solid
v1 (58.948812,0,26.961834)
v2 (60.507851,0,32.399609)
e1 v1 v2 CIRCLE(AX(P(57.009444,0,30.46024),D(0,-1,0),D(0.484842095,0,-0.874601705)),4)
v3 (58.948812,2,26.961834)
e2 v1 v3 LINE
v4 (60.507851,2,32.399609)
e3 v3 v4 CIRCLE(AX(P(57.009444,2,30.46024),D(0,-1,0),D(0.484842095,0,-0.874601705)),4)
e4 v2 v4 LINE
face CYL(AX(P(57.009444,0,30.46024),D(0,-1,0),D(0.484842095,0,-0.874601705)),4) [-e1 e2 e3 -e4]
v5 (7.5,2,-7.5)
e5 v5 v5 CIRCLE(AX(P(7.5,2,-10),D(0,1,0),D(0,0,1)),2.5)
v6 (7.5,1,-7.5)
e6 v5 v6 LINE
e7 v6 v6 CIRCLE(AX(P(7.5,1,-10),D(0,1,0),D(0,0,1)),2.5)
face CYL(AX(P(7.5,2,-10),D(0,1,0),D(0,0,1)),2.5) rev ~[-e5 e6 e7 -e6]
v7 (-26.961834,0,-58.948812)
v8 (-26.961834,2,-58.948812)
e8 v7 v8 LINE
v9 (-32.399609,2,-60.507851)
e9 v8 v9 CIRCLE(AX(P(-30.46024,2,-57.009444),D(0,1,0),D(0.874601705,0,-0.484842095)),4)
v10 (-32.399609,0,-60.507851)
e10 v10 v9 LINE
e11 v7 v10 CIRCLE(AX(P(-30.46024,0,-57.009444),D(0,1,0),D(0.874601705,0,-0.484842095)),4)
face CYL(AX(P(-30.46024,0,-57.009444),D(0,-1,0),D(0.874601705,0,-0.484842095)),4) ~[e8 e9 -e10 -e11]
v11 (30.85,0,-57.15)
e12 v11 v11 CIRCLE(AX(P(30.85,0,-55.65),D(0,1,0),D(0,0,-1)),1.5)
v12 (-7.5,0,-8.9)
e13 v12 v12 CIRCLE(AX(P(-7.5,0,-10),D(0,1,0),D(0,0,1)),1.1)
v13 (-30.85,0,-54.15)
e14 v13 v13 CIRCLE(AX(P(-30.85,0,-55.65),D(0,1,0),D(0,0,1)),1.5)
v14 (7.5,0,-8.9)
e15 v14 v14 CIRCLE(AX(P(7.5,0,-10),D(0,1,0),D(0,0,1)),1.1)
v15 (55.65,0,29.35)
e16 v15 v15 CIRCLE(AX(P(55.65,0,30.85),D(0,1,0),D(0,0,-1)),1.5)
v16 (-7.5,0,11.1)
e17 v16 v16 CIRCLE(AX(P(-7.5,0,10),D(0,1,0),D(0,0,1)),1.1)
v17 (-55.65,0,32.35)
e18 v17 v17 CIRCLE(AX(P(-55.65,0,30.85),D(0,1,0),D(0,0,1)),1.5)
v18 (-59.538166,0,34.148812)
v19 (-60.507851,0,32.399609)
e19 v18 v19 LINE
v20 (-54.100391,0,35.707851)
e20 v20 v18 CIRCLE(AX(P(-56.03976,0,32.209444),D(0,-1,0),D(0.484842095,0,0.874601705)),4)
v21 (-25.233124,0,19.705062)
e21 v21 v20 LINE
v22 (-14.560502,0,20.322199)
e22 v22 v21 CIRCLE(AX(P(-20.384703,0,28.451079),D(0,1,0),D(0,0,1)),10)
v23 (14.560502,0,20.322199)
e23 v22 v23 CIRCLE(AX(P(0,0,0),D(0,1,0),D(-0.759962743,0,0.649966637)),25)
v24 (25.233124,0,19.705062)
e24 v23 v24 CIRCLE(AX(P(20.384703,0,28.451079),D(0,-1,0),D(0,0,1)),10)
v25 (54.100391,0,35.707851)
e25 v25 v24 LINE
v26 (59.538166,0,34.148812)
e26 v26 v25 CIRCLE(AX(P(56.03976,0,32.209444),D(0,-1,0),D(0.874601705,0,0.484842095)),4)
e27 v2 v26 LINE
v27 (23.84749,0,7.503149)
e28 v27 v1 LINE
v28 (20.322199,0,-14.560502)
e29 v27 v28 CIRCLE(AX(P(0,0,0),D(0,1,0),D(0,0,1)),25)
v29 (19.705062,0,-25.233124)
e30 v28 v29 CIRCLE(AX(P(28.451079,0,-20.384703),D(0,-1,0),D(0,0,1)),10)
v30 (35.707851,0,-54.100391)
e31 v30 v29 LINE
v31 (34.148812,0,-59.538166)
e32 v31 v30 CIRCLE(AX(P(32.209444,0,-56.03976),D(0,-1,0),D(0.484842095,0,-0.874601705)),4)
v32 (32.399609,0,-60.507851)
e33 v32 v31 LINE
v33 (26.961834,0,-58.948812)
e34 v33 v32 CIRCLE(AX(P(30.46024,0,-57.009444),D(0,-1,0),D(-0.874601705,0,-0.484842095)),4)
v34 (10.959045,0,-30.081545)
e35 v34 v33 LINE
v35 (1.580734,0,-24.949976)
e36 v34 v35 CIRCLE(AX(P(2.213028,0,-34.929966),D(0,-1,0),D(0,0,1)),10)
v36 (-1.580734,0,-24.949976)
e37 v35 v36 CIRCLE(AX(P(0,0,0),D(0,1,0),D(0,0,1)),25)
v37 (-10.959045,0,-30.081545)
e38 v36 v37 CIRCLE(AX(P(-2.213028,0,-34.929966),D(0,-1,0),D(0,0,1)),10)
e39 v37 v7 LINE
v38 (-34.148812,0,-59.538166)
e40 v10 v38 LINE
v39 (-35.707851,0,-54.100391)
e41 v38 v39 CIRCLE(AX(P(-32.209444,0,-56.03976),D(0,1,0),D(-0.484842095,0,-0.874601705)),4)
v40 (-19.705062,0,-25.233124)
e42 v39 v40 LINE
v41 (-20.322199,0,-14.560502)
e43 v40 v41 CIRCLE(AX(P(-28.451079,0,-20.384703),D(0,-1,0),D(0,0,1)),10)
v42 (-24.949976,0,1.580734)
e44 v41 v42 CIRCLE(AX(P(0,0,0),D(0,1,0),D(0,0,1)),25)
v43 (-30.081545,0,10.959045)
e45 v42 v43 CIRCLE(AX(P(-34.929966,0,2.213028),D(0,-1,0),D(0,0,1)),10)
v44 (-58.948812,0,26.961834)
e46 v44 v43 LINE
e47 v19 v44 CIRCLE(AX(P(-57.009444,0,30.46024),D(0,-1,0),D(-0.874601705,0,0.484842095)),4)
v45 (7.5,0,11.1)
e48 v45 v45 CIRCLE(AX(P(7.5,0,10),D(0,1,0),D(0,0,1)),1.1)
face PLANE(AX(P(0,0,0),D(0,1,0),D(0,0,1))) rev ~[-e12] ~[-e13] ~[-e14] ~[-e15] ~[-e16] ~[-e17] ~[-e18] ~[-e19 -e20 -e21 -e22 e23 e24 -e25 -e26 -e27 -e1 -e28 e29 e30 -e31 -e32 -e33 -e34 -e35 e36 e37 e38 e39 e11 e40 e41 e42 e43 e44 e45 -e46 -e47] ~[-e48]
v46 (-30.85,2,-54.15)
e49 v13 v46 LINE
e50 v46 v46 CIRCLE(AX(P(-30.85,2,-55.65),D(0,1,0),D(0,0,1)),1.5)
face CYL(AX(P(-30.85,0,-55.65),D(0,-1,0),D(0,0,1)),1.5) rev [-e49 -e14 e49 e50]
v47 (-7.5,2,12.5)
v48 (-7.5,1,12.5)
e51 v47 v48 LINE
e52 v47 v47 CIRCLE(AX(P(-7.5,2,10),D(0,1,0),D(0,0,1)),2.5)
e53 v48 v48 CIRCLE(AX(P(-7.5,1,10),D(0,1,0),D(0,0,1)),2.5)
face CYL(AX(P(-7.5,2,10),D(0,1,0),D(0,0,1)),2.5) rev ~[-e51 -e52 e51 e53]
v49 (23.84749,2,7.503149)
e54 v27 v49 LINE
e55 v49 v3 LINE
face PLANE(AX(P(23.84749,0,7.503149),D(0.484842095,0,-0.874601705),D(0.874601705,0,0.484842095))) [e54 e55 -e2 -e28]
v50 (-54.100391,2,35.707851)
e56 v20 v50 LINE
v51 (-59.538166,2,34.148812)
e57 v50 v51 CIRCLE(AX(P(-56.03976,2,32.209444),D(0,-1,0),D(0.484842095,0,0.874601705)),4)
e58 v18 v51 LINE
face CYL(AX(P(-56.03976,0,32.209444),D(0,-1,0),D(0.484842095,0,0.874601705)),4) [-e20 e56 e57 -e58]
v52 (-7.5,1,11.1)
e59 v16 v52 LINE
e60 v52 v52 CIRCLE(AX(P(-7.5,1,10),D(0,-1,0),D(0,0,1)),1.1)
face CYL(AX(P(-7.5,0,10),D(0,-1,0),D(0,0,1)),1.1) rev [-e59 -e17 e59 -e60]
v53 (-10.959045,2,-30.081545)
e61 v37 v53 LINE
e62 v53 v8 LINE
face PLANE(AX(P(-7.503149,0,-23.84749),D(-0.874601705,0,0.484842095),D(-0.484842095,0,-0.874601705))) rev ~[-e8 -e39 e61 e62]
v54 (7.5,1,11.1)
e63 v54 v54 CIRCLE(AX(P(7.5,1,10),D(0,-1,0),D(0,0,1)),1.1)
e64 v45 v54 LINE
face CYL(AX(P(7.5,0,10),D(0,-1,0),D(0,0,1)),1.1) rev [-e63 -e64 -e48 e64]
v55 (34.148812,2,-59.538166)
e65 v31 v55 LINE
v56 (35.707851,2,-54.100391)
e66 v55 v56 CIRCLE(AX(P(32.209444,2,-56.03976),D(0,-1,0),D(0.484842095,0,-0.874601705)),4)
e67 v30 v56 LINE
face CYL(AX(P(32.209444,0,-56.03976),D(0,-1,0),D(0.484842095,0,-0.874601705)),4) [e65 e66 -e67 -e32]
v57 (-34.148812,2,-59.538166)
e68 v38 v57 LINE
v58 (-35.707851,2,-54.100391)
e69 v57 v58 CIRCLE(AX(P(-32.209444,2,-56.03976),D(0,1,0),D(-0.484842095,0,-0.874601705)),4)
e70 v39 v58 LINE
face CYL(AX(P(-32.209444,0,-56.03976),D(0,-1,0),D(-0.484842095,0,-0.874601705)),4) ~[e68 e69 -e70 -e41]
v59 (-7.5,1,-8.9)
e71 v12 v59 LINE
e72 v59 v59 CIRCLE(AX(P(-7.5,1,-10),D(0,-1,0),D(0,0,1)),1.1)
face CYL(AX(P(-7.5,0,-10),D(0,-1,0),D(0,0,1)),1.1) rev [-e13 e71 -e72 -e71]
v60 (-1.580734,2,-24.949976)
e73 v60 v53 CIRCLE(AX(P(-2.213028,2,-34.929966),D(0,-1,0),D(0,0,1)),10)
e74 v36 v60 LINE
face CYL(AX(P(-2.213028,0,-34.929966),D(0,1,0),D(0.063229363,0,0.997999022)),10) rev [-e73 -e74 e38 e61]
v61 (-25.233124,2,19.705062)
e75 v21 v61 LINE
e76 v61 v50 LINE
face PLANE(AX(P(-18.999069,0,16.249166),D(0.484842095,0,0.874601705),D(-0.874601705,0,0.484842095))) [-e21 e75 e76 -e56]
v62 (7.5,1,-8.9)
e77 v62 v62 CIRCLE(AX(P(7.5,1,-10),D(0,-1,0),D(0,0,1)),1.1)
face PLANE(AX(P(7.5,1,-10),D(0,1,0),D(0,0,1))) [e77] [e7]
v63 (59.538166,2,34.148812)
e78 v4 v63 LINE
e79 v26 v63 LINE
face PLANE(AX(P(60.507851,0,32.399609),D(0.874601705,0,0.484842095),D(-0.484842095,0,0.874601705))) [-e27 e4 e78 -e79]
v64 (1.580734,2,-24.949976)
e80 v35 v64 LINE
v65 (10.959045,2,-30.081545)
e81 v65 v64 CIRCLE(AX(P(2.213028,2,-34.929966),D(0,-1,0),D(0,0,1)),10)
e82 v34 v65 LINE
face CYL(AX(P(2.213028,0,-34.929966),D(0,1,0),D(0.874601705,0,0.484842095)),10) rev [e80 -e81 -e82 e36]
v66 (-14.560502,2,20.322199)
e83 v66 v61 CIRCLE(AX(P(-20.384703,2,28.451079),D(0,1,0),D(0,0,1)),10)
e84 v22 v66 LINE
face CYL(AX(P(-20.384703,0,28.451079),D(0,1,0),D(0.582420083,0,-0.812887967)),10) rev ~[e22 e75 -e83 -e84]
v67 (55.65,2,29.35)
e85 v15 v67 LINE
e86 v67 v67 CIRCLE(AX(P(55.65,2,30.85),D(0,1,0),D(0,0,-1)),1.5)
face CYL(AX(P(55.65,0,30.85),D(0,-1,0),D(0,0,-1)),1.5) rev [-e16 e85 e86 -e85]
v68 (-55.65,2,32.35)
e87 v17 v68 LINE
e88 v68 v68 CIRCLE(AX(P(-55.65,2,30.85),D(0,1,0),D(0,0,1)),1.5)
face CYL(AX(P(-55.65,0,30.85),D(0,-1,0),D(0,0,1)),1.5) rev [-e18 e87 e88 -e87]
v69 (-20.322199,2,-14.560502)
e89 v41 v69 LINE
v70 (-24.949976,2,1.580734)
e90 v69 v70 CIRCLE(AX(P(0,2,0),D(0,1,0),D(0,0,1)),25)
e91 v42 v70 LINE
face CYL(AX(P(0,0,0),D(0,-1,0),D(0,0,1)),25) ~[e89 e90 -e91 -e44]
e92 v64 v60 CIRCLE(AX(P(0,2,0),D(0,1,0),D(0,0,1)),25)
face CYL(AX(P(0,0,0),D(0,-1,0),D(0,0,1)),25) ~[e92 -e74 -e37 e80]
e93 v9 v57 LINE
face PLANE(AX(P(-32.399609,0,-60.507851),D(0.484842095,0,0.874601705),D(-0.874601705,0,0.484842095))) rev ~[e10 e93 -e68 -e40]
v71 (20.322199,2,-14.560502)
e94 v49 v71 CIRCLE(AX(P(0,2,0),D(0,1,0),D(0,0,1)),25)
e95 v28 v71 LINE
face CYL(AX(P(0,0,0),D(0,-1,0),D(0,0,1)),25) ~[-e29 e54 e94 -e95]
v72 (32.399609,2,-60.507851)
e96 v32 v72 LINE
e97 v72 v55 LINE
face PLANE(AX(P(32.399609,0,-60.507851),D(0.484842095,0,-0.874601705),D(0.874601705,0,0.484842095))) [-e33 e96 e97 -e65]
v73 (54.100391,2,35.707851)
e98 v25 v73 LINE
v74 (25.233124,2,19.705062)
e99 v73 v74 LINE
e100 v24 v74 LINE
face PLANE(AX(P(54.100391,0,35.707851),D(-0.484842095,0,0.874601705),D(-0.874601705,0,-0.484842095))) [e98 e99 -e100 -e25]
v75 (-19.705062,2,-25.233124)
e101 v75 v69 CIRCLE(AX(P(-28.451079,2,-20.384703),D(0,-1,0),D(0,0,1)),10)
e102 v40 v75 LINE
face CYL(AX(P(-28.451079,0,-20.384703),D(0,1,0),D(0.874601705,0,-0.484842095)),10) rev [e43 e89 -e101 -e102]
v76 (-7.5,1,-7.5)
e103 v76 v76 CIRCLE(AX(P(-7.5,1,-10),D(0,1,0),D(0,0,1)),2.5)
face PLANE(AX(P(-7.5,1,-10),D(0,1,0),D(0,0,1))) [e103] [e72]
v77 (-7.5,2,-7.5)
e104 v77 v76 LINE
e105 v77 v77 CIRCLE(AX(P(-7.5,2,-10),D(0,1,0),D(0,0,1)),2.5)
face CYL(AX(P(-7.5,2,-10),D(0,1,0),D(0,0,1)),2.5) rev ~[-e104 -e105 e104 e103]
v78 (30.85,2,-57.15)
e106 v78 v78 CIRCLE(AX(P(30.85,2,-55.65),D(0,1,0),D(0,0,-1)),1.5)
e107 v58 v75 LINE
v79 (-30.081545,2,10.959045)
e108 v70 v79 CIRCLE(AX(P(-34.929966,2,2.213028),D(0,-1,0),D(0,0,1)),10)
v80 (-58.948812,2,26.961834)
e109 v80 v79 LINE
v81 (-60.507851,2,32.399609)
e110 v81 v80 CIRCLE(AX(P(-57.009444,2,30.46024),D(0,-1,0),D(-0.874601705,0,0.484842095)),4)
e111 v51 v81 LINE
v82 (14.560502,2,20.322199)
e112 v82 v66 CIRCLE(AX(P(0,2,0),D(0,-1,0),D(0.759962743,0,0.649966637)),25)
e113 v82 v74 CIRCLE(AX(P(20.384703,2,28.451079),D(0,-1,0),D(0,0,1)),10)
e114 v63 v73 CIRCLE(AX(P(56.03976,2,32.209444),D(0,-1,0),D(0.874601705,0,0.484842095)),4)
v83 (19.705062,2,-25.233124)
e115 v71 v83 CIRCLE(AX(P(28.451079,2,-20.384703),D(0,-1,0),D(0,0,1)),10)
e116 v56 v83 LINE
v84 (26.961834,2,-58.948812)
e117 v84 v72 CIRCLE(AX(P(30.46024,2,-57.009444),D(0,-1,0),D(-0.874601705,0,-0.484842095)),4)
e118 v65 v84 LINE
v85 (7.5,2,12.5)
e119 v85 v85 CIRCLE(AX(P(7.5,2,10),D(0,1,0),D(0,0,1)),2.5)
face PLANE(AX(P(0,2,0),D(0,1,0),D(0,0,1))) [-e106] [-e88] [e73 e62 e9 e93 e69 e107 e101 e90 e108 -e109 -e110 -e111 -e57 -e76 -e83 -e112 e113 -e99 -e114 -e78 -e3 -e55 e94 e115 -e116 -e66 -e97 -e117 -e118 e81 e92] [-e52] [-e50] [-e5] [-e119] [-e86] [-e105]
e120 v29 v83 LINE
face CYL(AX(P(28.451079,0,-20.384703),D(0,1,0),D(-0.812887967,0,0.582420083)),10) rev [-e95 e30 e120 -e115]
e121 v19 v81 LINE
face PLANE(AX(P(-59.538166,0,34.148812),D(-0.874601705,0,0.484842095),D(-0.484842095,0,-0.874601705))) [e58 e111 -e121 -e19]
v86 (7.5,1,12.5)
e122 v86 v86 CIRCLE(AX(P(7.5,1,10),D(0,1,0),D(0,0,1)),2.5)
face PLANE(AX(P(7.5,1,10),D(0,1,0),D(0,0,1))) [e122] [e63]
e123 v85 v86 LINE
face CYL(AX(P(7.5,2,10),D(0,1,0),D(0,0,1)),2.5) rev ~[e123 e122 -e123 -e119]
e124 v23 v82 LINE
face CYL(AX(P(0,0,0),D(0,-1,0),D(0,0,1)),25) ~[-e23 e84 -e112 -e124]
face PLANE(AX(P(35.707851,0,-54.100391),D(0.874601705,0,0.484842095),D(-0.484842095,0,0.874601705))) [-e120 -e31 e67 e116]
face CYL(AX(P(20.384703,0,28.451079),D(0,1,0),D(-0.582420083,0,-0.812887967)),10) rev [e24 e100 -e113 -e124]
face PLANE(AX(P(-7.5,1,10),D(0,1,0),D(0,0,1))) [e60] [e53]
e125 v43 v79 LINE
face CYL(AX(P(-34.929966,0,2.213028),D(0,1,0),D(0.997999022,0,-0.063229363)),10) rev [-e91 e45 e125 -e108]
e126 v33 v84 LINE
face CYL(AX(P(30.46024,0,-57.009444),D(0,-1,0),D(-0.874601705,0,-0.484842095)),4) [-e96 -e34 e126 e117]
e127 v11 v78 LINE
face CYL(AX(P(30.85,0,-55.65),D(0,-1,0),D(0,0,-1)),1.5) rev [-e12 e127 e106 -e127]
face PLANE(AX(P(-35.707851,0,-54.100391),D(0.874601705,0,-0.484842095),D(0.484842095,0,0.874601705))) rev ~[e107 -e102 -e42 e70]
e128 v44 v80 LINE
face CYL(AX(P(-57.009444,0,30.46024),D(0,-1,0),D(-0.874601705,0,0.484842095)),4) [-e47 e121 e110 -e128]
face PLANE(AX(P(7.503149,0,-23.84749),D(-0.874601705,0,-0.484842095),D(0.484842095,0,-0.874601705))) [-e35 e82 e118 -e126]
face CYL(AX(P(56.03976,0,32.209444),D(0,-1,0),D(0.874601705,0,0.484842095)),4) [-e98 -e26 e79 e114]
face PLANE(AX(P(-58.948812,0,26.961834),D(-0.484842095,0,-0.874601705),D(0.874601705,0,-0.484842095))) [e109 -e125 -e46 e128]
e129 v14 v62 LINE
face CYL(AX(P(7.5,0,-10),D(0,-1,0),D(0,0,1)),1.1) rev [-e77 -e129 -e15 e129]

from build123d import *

# Parameters (mm, degrees)
SKETCH1_R           = 25
SKETCH1_R_2         = 1.1
BOSS_EXTRUDE1_DEPTH = 2
SKETCH2_R           = 2.5
CUT_EXTRUDE1_DEPTH  = 1
SKETCH3_R           = 1.5
BOSS_EXTRUDE2_DEPTH = 2
FILLET1_R           = 10
FILLET2_R           = 10


with BuildPart() as part:
    # Sketch1 → Boss-Extrude1 (new body)
    with BuildSketch(Plane(origin=(0, 0, 0), x_dir=(1, 0, 0), z_dir=(0, 1, 0))):
        with Locations(Location((0, 0, 0), (0, 0, 270))):
            Circle(SKETCH1_R)
        with Locations(Location((-7.5, 10, 0), (0, 0, 270))):
            Circle(SKETCH1_R_2, mode=Mode.SUBTRACT)
        with Locations(Location((7.5, 10, 0), (0, 0, 270))):
            Circle(SKETCH1_R_2, mode=Mode.SUBTRACT)
        with Locations(Location((-7.5, -10, 0), (0, 0, 270))):
            Circle(SKETCH1_R_2, mode=Mode.SUBTRACT)
        with Locations(Location((7.5, -10, 0), (0, 0, 270))):
            Circle(SKETCH1_R_2, mode=Mode.SUBTRACT)
    extrude(amount=BOSS_EXTRUDE1_DEPTH)

    # Sketch2 → Cut-Extrude1 (cut)
    with BuildSketch(Plane(origin=(0, 2, 0), x_dir=(1, 0, 0), z_dir=(0, 1, 0))):
        with Locations(Location((-7.5, 10, 0), (0, 0, 270))):
            Circle(SKETCH2_R)
        with Locations(Location((7.5, 10, 0), (0, 0, 270))):
            Circle(SKETCH2_R)
        with Locations(Location((-7.5, -10, 0), (0, 0, 270))):
            Circle(SKETCH2_R)
        with Locations(Location((7.5, -10, 0), (0, 0, 270))):
            Circle(SKETCH2_R)
    extrude(amount=-CUT_EXTRUDE1_DEPTH, mode=Mode.SUBTRACT)

    # Sketch3 → Boss-Extrude2 (add)
    # profile 1 of 4: a face of its own
    with BuildSketch(Plane(origin=(0, 0, 0), x_dir=(1, 0, 0), z_dir=(0, 1, 0))):
        with BuildLine():
            Line((-7.503148867, 23.847489534), (-26.96183357, 58.948812182))
            ThreePointArc((-26.96183357, 58.948812182), (-29.357833738, 60.85453152), (-32.399608771, 60.507850621))
            Line((-32.399608771, 60.507850621), (-34.148812182, 59.53816643))
            ThreePointArc((-34.148812182, 59.53816643), (-36.05453152, 57.142166262), (-35.707850621, 54.100391229))
            Line((-35.707850621, 54.100391229), (-16.249165919, 18.999068581))
            ThreePointArc((-16.249165919, 18.999068581), (-12.121052382, 21.865042628), (-7.503148867, 23.847489534))
        make_face()
        with Locations(Location((-30.85, 55.65, 0), (0, 0, 270))):
            Circle(SKETCH3_R, mode=Mode.SUBTRACT)
    # profile 2 of 4: a face of its own
    with BuildSketch(Plane(origin=(0, 0, 0), x_dir=(1, 0, 0), z_dir=(0, 1, 0))):
        with BuildLine():
            Line((-58.948812182, -26.96183357), (-23.847489534, -7.503148867))
            ThreePointArc((-23.847489534, -7.503148867), (-21.865042628, -12.121052382), (-18.999068581, -16.249165919))
            Line((-18.999068581, -16.249165919), (-54.100391229, -35.707850621))
            ThreePointArc((-54.100391229, -35.707850621), (-57.142166262, -36.05453152), (-59.53816643, -34.148812182))
            Line((-59.53816643, -34.148812182), (-60.507850621, -32.399608771))
            ThreePointArc((-60.507850621, -32.399608771), (-60.85453152, -29.357833738), (-58.948812182, -26.96183357))
        make_face()
        with Locations(Location((-55.65, -30.85, 0), (0, 0, 270))):
            Circle(SKETCH3_R, mode=Mode.SUBTRACT)
    # profile 3 of 4: a face of its own
    with BuildSketch(Plane(origin=(0, 0, 0), x_dir=(1, 0, 0), z_dir=(0, 1, 0))):
        with BuildLine():
            Line((60.507850621, -32.399608771), (59.53816643, -34.148812182))
            ThreePointArc((59.53816643, -34.148812182), (57.142166262, -36.05453152), (54.100391229, -35.707850621))
            Line((54.100391229, -35.707850621), (18.999068581, -16.249165919))
            ThreePointArc((18.999068581, -16.249165919), (21.865042628, -12.121052382), (23.847489534, -7.503148867))
            Line((23.847489534, -7.503148867), (58.948812182, -26.96183357))
            ThreePointArc((58.948812182, -26.96183357), (60.85453152, -29.357833738), (60.507850621, -32.399608771))
        make_face()
        with Locations(Location((55.65, -30.85, 0), (0, 0, 90))):
            Circle(SKETCH3_R, mode=Mode.SUBTRACT)
    # profile 4 of 4: a face of its own
    with BuildSketch(Plane(origin=(0, 0, 0), x_dir=(1, 0, 0), z_dir=(0, 1, 0))):
        with BuildLine():
            Line((32.399608771, 60.507850621), (34.148812182, 59.53816643))
            ThreePointArc((34.148812182, 59.53816643), (36.05453152, 57.142166262), (35.707850621, 54.100391229))
            Line((35.707850621, 54.100391229), (16.249165919, 18.999068581))
            ThreePointArc((16.249165919, 18.999068581), (12.121052382, 21.865042628), (7.503148867, 23.847489534))
            Line((7.503148867, 23.847489534), (26.96183357, 58.948812182))
            ThreePointArc((26.96183357, 58.948812182), (29.357833738, 60.85453152), (32.399608771, 60.507850621))
        make_face()
        with Locations(Location((30.85, 55.65, 0), (0, 0, 90))):
            Circle(SKETCH3_R, mode=Mode.SUBTRACT)
    extrude(amount=BOSS_EXTRUDE2_DEPTH)

    # Fillet1
    fillet1_edges = [part.edges().sort_by_distance(p)[0] for p in [
        (-7.503148867, 1, -23.847489534),
        (-16.249165919, 1, -18.999068581),
        (-23.847489534, 1, 7.503148867),
        (-18.999068581, 1, 16.249165919),
        (18.999068581, 1, 16.249165919),
        (16.249165919, 1, -18.999068581),
    ]]
    fillet(fillet1_edges, radius=FILLET1_R)

    # Fillet2
    fillet2_edges = [part.edges().sort_by_distance(p)[0] for p in [
        (7.503148867, 1, -23.847489534),
    ]]
    fillet(fillet2_edges, radius=FILLET2_R)


solid = part.part
